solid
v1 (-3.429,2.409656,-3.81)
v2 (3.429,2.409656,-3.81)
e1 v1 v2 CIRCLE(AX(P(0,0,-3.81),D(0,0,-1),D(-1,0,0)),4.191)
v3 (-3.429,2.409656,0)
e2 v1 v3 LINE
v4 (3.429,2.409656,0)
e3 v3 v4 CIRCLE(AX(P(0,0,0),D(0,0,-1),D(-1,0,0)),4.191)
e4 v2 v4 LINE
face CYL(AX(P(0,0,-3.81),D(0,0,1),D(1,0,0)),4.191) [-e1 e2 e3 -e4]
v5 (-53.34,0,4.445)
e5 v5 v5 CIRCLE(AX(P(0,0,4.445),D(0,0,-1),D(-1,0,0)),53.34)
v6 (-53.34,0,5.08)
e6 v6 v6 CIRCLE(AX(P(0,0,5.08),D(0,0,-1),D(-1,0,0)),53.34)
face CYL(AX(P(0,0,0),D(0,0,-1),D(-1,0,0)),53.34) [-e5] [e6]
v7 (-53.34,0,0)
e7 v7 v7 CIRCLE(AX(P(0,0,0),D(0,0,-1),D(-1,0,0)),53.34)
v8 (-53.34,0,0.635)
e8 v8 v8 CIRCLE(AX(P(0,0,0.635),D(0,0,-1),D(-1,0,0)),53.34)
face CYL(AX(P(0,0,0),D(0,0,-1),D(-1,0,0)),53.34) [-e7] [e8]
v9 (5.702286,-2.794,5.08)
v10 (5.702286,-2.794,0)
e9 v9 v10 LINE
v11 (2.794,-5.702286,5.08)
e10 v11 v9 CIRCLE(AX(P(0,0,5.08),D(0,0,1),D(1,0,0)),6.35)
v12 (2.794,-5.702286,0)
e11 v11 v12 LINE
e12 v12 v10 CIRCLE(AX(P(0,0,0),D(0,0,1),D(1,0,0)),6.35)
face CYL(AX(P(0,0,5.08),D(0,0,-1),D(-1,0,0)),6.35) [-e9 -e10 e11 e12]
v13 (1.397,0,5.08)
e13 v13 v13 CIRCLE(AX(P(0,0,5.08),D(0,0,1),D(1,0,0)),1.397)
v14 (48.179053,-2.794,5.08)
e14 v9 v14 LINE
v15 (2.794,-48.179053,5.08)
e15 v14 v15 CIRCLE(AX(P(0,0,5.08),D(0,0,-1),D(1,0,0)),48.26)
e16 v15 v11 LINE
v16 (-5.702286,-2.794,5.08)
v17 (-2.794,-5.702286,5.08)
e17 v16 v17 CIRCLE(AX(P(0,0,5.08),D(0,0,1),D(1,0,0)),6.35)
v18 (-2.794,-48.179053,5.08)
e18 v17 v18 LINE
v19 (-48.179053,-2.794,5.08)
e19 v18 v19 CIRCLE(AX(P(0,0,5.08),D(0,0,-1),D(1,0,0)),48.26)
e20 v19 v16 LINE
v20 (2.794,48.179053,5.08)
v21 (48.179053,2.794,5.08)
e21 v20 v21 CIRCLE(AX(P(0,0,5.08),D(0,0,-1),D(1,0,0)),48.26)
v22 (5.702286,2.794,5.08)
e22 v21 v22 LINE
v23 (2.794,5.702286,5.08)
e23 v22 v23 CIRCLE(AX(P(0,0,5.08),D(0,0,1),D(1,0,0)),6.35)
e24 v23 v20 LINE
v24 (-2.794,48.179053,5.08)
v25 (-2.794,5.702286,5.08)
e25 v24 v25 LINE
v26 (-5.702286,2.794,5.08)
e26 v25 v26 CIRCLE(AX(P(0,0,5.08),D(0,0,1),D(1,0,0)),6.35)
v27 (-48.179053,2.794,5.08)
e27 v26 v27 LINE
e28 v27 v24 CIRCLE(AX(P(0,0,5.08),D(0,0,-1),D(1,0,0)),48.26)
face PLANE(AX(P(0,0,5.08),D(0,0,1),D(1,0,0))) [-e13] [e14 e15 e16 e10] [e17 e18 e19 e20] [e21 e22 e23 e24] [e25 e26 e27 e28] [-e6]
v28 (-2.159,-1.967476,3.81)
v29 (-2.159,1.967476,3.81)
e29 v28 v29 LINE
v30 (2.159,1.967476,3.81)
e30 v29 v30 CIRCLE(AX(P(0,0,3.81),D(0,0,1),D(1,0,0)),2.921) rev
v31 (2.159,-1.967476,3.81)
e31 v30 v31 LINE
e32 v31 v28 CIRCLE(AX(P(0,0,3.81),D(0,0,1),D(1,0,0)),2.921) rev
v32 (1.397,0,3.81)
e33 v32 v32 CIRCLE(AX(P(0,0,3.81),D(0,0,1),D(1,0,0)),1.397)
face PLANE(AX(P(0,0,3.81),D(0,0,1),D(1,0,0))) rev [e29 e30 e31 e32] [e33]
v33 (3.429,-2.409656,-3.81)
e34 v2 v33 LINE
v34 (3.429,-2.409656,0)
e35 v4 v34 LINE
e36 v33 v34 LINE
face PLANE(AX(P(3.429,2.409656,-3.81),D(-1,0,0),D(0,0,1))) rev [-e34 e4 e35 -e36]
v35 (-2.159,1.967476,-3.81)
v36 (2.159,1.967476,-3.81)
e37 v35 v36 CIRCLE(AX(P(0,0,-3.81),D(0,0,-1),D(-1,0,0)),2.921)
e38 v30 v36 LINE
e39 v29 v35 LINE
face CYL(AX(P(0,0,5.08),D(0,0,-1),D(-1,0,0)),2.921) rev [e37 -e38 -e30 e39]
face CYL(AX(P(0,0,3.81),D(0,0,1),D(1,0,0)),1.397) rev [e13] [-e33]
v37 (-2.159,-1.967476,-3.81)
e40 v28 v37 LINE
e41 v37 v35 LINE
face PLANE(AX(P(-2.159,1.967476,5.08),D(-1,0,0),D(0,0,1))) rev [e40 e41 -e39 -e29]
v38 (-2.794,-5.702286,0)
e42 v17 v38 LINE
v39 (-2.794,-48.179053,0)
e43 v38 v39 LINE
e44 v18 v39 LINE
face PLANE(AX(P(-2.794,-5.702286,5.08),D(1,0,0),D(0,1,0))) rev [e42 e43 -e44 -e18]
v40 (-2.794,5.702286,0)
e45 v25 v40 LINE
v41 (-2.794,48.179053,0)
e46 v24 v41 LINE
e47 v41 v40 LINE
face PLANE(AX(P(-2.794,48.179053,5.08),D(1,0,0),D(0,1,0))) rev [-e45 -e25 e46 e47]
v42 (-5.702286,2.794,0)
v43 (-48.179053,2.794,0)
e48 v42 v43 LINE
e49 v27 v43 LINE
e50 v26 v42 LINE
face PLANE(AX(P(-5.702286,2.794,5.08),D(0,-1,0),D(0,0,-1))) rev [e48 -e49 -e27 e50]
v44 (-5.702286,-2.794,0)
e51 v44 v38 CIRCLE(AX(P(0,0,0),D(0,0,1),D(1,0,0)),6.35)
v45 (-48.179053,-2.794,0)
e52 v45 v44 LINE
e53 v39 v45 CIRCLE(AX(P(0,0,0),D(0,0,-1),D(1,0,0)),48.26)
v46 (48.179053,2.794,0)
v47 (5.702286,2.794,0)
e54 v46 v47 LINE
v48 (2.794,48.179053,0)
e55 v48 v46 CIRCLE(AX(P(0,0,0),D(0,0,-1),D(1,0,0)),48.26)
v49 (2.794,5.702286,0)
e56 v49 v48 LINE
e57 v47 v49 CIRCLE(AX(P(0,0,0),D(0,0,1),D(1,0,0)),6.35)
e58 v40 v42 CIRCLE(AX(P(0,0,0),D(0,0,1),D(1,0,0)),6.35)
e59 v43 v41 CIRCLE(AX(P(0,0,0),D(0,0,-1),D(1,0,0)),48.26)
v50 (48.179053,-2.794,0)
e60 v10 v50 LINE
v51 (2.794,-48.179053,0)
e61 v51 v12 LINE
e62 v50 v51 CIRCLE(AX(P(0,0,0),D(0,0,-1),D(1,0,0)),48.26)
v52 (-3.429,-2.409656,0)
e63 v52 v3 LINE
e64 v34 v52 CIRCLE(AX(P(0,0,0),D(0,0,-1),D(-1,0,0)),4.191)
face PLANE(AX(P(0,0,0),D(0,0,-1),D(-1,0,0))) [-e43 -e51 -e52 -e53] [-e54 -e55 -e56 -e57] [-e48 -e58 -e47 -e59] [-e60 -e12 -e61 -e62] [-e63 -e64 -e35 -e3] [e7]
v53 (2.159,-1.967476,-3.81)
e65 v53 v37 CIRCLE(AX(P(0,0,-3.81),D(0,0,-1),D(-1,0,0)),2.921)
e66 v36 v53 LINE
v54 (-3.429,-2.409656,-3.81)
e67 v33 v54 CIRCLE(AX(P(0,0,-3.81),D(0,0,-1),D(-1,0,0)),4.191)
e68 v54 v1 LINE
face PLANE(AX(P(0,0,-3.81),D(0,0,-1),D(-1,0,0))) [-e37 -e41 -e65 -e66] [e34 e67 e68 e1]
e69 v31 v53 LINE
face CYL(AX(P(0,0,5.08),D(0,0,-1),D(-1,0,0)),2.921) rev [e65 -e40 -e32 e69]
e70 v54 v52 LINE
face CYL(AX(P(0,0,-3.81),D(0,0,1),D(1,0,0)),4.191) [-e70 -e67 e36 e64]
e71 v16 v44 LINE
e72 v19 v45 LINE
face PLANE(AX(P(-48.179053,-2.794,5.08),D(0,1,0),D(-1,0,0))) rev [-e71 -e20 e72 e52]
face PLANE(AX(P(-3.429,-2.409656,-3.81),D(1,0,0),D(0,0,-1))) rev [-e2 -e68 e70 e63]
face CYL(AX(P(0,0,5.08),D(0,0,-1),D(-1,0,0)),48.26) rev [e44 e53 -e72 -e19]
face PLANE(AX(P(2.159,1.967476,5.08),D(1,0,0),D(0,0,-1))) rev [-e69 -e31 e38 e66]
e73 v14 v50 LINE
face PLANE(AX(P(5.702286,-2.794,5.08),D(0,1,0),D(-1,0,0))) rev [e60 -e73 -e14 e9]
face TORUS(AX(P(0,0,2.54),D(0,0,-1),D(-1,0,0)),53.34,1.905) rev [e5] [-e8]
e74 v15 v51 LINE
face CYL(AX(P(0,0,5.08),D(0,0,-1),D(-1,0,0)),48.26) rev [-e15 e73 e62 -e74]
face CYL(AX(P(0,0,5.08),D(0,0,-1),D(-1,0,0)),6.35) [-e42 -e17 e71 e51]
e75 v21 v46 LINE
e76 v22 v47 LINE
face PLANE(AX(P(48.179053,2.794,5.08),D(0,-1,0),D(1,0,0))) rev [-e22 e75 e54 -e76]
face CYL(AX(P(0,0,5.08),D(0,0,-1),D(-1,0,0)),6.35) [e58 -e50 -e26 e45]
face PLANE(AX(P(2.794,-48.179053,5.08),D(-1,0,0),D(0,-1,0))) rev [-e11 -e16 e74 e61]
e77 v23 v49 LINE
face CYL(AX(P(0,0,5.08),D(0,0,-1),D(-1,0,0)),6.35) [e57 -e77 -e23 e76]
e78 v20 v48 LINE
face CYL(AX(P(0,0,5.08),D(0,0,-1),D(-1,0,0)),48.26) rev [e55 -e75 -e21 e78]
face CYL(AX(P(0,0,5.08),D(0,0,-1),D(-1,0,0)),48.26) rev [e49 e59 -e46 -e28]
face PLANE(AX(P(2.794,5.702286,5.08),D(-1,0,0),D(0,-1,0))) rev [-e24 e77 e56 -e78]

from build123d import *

# Parameters (mm, degrees)
CUT_EXTRUDE2_DEPTH  = 76.605010416
CUT_EXTRUDE3_DEPTH  = 76.605010416
BOSS_EXTRUDE1_START = 3.81
BOSS_EXTRUDE1_DEPTH = 3.81
SKETCH8_R           = 3.81
SKETCH8_R_2         = 1.397
BOSS_EXTRUDE2_DEPTH = 1.27


with BuildPart() as part:
    # Sketch1 → Revolve1 (revolve)
    with BuildSketch(Plane(origin=(0, 0, 0), x_dir=(1, 0, 0), z_dir=(0, 1, 0))):
        with BuildLine():
            Line((-53.34, 0), (-53.34, -0.635))
            ThreePointArc((-53.34, -0.635), (-51.435, -2.54), (-53.34, -4.445))
            Line((-53.34, -4.445), (-53.34, -5.08))
            Line((-53.34, -5.08), (0, -5.08))
            Line((0, -5.08), (0, 0))
            Line((0, 0), (-53.34, 0))
        make_face()
    revolve(axis=Axis((0, 0, 0), (0, 0, 1)))

    # Sketch3 → Cut-Extrude2 (cut, through all)
    with BuildSketch(Plane(origin=(0, 0, 0), x_dir=(-1, 0, 0), z_dir=(0, 0, -1))):
        with BuildLine():
            Line((2.794, 48.179053166), (2.794, 5.702285857))
            ThreePointArc((2.794, 5.702285857), (4.490128061, 4.490128061), (5.702285857, 2.794))
            Line((5.702285857, 2.794), (48.179053166, 2.794))
            ThreePointArc((48.179053166, 2.794), (34.12497326, 34.12497326), (2.794, 48.179053166))
        make_face()
        with BuildLine():
            Line((2.794, -5.702285857), (2.794, -48.179053166))
            ThreePointArc((2.794, -48.179053166), (34.12497326, -34.12497326), (48.179053166, -2.794))
            Line((48.179053166, -2.794), (5.702285857, -2.794))
            ThreePointArc((5.702285857, -2.794), (4.490128061, -4.490128061), (2.794, -5.702285857))
        make_face()
        with BuildLine():
            Line((-5.702285857, -2.794), (-48.179053166, -2.794))
            ThreePointArc((-48.179053166, -2.794), (-34.12497326, -34.12497326), (-2.794, -48.179053166))
            Line((-2.794, -48.179053166), (-2.794, -5.702285857))
            ThreePointArc((-2.794, -5.702285857), (-4.490128061, -4.490128061), (-5.702285857, -2.794))
        make_face()
        with BuildLine():
            Line((-2.794, 5.702285857), (-2.794, 48.179053166))
            ThreePointArc((-2.794, 48.179053166), (-34.12497326, 34.12497326), (-48.179053166, 2.794))
            Line((-48.179053166, 2.794), (-5.702285857, 2.794))
            ThreePointArc((-5.702285857, 2.794), (-4.490128061, 4.490128061), (-2.794, 5.702285857))
        make_face()
    extrude(amount=-CUT_EXTRUDE2_DEPTH, mode=Mode.SUBTRACT)

    # Sketch6 → Cut-Extrude3 (cut, through all)
    with BuildSketch(Plane(origin=(0, 0, 0), x_dir=(-1, 0, 0), z_dir=(0, 0, -1))):
        with BuildLine():
            Line((-2.159, 1.96747554), (-2.159, -1.96747554))
            ThreePointArc((-2.159, -1.96747554), (0, -2.921), (2.159, -1.96747554))
            Line((2.159, -1.96747554), (2.159, 1.96747554))
            ThreePointArc((2.159, 1.96747554), (0, 2.921), (-2.159, 1.96747554))
        make_face()
    extrude(amount=-CUT_EXTRUDE3_DEPTH, mode=Mode.SUBTRACT)

    # Sketch7 → Boss-Extrude1 (add)
    with BuildSketch(Plane(origin=(0, 0, 0), x_dir=(-1, 0, 0), z_dir=(0, 0, -1)).offset(BOSS_EXTRUDE1_START)):
        with BuildLine():
            Line((3.429, -2.409655577), (3.429, 2.409655577))
            ThreePointArc((3.429, 2.409655577), (0, 4.191), (-3.429, 2.409655577))
            Line((-3.429, 2.409655577), (-3.429, -2.409655577))
            ThreePointArc((-3.429, -2.409655577), (0, -4.191), (3.429, -2.409655577))
        make_face()
        with BuildLine():
            Line((2.159, -1.96747554), (2.159, 1.96747554))
            ThreePointArc((2.159, 1.96747554), (0, 2.921), (-2.159, 1.96747554))
            Line((-2.159, 1.96747554), (-2.159, -1.96747554))
            ThreePointArc((-2.159, -1.96747554), (0, -2.921), (2.159, -1.96747554))
        make_face(mode=Mode.SUBTRACT)
    extrude(amount=-BOSS_EXTRUDE1_DEPTH)

    # Sketch8 → Boss-Extrude2 (add)
    with BuildSketch(Plane.XY.offset(5.08)):
        Circle(SKETCH8_R)
        Circle(SKETCH8_R_2, mode=Mode.SUBTRACT)
    extrude(amount=-BOSS_EXTRUDE2_DEPTH)


solid = part.part
